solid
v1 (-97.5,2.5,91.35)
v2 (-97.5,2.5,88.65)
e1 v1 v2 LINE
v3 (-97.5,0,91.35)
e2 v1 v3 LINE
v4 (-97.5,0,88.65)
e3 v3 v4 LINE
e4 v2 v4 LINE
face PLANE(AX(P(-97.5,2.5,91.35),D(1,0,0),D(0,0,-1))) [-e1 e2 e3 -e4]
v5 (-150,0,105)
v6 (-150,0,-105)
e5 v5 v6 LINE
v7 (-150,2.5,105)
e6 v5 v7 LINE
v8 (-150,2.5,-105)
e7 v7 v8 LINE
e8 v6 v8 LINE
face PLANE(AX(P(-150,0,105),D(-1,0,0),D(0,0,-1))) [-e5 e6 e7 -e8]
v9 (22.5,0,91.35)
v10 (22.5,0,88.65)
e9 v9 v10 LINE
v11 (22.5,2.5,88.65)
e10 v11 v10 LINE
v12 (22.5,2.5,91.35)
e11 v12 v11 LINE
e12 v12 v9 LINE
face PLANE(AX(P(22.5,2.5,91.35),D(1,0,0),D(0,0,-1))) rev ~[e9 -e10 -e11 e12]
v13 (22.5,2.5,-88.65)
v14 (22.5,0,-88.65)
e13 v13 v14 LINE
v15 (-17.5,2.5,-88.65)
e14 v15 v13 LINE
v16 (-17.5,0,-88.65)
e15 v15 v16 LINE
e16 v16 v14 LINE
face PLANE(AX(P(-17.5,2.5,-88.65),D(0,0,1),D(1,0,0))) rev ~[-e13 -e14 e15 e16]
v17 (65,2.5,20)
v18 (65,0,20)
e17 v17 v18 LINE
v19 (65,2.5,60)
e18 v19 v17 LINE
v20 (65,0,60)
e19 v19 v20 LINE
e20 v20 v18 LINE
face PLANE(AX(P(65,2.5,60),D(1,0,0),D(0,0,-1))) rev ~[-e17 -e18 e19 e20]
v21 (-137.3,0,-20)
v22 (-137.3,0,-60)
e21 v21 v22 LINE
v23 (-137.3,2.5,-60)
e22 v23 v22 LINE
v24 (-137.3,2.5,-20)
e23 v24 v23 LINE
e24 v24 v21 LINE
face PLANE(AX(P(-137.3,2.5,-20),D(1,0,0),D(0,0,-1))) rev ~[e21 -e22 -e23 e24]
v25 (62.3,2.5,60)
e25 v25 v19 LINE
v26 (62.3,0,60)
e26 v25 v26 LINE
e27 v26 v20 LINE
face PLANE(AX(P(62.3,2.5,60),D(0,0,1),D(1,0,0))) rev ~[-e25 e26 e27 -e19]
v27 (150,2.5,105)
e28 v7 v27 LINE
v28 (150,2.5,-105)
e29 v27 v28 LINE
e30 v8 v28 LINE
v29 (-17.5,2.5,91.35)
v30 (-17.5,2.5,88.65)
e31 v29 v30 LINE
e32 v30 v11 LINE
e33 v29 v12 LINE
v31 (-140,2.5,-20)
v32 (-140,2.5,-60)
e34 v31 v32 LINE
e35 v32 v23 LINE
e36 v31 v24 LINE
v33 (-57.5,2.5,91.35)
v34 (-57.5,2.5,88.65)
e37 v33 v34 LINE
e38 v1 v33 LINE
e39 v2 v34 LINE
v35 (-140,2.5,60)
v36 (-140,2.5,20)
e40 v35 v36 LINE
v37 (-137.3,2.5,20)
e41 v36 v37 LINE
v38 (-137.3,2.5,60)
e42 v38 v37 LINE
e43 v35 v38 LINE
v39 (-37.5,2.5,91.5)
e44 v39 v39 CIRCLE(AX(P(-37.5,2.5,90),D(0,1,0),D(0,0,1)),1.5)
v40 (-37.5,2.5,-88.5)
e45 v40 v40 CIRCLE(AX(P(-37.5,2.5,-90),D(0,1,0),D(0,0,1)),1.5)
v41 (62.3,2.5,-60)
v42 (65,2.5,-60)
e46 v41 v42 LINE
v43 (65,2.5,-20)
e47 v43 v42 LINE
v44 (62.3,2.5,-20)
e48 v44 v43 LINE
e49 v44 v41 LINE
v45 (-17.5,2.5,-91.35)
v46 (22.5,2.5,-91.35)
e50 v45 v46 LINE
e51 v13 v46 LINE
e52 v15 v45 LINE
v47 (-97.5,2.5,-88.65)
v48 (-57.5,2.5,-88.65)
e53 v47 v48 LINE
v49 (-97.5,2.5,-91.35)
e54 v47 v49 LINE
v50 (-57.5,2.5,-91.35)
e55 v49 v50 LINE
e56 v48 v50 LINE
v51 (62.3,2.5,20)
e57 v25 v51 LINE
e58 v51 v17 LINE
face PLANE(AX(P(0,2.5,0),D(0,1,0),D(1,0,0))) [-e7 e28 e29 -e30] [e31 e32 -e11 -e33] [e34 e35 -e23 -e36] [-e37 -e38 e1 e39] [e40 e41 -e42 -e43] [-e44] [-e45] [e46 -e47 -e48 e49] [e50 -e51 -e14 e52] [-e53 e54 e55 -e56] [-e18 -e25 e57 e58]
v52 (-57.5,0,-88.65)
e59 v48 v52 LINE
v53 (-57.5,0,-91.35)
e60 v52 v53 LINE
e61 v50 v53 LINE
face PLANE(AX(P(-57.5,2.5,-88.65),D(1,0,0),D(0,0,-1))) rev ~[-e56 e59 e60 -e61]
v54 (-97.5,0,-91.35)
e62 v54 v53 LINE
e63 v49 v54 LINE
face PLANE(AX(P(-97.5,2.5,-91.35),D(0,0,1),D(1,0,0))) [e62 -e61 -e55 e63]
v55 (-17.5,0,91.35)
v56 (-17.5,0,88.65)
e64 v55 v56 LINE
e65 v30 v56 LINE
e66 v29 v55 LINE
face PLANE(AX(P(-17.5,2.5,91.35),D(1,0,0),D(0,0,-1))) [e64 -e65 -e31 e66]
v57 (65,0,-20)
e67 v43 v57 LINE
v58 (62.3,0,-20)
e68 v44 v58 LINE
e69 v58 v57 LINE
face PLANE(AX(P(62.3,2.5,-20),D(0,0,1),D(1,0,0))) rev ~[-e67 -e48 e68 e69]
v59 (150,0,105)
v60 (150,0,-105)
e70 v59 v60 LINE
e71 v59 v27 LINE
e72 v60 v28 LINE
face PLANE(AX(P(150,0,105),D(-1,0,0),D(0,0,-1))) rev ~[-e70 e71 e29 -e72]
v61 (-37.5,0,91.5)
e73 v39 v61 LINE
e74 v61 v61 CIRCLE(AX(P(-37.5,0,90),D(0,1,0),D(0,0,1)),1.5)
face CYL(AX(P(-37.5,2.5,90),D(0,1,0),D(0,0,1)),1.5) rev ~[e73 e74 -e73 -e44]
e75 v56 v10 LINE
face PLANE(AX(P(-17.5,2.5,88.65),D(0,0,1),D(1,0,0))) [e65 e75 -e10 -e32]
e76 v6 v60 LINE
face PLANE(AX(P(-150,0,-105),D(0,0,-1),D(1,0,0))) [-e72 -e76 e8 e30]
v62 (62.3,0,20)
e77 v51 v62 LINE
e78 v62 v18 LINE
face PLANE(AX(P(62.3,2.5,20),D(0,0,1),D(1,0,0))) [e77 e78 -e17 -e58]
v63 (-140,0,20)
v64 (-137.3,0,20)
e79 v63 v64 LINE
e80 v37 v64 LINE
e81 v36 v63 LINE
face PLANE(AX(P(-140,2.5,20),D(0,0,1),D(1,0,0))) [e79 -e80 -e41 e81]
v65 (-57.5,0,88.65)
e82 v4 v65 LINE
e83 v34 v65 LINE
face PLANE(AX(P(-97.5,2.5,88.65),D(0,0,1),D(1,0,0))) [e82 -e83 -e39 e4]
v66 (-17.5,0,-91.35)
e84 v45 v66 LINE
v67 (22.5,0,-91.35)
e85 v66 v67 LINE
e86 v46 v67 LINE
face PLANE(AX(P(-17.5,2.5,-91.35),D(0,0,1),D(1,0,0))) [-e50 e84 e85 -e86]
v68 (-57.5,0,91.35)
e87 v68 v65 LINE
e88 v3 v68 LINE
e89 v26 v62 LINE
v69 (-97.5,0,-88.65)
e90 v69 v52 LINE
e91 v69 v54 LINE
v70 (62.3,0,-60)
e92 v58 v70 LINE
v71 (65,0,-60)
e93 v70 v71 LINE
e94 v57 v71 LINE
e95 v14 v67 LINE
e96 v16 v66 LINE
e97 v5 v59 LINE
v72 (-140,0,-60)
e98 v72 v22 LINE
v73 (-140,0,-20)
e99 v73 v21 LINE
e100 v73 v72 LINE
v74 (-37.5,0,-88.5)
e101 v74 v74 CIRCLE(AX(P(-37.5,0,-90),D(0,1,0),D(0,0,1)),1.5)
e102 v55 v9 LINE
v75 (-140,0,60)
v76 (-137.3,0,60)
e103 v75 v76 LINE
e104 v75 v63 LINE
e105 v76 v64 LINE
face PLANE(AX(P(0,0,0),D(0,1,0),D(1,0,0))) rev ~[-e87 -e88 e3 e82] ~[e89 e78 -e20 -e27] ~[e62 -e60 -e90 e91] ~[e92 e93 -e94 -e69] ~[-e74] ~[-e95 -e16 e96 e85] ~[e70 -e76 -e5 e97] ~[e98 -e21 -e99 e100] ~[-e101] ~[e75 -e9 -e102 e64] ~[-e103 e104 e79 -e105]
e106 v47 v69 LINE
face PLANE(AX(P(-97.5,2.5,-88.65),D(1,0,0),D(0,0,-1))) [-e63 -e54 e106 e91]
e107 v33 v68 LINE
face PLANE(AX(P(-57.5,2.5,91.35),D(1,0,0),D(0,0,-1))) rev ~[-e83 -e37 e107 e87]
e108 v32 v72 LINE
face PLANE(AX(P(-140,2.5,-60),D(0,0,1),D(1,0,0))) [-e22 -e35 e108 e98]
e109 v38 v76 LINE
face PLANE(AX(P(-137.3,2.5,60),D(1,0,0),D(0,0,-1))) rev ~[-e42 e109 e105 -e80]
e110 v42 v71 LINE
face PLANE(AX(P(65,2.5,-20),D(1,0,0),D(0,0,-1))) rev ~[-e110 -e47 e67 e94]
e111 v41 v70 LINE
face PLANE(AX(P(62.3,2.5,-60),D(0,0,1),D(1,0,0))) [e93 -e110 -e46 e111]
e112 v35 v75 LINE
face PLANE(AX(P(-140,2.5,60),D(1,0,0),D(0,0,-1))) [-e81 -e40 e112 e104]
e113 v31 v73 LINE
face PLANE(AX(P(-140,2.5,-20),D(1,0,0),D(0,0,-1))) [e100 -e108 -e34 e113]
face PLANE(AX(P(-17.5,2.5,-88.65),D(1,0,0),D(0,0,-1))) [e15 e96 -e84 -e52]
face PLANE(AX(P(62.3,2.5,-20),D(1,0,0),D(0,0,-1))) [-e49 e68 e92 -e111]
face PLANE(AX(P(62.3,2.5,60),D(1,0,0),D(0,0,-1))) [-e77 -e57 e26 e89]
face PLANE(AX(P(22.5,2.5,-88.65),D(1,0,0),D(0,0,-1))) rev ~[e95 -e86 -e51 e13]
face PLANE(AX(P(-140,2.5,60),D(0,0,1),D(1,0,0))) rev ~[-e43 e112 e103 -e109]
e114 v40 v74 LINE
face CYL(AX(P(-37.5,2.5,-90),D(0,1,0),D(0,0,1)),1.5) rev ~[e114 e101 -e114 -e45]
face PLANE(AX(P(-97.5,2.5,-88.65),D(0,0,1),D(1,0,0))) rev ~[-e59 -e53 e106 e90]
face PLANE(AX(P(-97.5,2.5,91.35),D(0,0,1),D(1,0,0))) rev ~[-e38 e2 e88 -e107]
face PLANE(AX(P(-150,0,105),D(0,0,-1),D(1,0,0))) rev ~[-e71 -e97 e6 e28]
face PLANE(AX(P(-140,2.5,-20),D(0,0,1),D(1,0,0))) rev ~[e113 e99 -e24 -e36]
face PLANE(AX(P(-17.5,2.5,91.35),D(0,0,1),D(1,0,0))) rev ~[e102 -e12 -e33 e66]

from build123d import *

# Parameters (mm, degrees)
SKETCH1_W           = 300
SKETCH1_H           = 210
BOSS_EXTRUDE1_DEPTH = 2.5
SKETCH4_W           = 2.7
SKETCH4_H           = 40
SKETCH4_W_2         = 40
SKETCH4_H_2         = 2.7
SKETCH4_R           = 1.5
CUT_EXTRUDE1_DEPTH  = 2.5


with BuildPart() as part:
    # Sketch1 → Boss-Extrude1 (new body)
    with BuildSketch(Plane(origin=(0, 0, 0), x_dir=(1, 0, 0), z_dir=(0, 1, 0))):
        Rectangle(SKETCH1_W, SKETCH1_H)
    extrude(amount=BOSS_EXTRUDE1_DEPTH)

    # Sketch4 → Cut-Extrude1 (cut)
    with BuildSketch(Plane(origin=(0, 2.5, 0), x_dir=(1, 0, 0), z_dir=(0, 1, 0))):
        with Locations((-138.65, 40)):
            Rectangle(SKETCH4_W, SKETCH4_H)
        with Locations((-138.65, -40)):
            Rectangle(SKETCH4_W, SKETCH4_H)
        with Locations((-77.5, -90)):
            Rectangle(SKETCH4_W_2, SKETCH4_H_2)
        with Locations(Location((-37.5, -90, 0), (0, 0, 270))):
            Circle(SKETCH4_R)
        with Locations((2.5, -90)):
            Rectangle(SKETCH4_W_2, SKETCH4_H_2)
        with Locations((63.65, 40)):
            Rectangle(SKETCH4_W, SKETCH4_H)
        with Locations((63.65, -40)):
            Rectangle(SKETCH4_W, SKETCH4_H)
        with Locations(Location((-37.5, 90, 0), (0, 0, 270))):
            Circle(SKETCH4_R)
        with Locations((-77.5, 90)):
            Rectangle(SKETCH4_W_2, SKETCH4_H_2)
        with Locations((2.5, 90)):
            Rectangle(SKETCH4_W_2, SKETCH4_H_2)
    extrude(amount=-CUT_EXTRUDE1_DEPTH, mode=Mode.SUBTRACT)


solid = part.part
